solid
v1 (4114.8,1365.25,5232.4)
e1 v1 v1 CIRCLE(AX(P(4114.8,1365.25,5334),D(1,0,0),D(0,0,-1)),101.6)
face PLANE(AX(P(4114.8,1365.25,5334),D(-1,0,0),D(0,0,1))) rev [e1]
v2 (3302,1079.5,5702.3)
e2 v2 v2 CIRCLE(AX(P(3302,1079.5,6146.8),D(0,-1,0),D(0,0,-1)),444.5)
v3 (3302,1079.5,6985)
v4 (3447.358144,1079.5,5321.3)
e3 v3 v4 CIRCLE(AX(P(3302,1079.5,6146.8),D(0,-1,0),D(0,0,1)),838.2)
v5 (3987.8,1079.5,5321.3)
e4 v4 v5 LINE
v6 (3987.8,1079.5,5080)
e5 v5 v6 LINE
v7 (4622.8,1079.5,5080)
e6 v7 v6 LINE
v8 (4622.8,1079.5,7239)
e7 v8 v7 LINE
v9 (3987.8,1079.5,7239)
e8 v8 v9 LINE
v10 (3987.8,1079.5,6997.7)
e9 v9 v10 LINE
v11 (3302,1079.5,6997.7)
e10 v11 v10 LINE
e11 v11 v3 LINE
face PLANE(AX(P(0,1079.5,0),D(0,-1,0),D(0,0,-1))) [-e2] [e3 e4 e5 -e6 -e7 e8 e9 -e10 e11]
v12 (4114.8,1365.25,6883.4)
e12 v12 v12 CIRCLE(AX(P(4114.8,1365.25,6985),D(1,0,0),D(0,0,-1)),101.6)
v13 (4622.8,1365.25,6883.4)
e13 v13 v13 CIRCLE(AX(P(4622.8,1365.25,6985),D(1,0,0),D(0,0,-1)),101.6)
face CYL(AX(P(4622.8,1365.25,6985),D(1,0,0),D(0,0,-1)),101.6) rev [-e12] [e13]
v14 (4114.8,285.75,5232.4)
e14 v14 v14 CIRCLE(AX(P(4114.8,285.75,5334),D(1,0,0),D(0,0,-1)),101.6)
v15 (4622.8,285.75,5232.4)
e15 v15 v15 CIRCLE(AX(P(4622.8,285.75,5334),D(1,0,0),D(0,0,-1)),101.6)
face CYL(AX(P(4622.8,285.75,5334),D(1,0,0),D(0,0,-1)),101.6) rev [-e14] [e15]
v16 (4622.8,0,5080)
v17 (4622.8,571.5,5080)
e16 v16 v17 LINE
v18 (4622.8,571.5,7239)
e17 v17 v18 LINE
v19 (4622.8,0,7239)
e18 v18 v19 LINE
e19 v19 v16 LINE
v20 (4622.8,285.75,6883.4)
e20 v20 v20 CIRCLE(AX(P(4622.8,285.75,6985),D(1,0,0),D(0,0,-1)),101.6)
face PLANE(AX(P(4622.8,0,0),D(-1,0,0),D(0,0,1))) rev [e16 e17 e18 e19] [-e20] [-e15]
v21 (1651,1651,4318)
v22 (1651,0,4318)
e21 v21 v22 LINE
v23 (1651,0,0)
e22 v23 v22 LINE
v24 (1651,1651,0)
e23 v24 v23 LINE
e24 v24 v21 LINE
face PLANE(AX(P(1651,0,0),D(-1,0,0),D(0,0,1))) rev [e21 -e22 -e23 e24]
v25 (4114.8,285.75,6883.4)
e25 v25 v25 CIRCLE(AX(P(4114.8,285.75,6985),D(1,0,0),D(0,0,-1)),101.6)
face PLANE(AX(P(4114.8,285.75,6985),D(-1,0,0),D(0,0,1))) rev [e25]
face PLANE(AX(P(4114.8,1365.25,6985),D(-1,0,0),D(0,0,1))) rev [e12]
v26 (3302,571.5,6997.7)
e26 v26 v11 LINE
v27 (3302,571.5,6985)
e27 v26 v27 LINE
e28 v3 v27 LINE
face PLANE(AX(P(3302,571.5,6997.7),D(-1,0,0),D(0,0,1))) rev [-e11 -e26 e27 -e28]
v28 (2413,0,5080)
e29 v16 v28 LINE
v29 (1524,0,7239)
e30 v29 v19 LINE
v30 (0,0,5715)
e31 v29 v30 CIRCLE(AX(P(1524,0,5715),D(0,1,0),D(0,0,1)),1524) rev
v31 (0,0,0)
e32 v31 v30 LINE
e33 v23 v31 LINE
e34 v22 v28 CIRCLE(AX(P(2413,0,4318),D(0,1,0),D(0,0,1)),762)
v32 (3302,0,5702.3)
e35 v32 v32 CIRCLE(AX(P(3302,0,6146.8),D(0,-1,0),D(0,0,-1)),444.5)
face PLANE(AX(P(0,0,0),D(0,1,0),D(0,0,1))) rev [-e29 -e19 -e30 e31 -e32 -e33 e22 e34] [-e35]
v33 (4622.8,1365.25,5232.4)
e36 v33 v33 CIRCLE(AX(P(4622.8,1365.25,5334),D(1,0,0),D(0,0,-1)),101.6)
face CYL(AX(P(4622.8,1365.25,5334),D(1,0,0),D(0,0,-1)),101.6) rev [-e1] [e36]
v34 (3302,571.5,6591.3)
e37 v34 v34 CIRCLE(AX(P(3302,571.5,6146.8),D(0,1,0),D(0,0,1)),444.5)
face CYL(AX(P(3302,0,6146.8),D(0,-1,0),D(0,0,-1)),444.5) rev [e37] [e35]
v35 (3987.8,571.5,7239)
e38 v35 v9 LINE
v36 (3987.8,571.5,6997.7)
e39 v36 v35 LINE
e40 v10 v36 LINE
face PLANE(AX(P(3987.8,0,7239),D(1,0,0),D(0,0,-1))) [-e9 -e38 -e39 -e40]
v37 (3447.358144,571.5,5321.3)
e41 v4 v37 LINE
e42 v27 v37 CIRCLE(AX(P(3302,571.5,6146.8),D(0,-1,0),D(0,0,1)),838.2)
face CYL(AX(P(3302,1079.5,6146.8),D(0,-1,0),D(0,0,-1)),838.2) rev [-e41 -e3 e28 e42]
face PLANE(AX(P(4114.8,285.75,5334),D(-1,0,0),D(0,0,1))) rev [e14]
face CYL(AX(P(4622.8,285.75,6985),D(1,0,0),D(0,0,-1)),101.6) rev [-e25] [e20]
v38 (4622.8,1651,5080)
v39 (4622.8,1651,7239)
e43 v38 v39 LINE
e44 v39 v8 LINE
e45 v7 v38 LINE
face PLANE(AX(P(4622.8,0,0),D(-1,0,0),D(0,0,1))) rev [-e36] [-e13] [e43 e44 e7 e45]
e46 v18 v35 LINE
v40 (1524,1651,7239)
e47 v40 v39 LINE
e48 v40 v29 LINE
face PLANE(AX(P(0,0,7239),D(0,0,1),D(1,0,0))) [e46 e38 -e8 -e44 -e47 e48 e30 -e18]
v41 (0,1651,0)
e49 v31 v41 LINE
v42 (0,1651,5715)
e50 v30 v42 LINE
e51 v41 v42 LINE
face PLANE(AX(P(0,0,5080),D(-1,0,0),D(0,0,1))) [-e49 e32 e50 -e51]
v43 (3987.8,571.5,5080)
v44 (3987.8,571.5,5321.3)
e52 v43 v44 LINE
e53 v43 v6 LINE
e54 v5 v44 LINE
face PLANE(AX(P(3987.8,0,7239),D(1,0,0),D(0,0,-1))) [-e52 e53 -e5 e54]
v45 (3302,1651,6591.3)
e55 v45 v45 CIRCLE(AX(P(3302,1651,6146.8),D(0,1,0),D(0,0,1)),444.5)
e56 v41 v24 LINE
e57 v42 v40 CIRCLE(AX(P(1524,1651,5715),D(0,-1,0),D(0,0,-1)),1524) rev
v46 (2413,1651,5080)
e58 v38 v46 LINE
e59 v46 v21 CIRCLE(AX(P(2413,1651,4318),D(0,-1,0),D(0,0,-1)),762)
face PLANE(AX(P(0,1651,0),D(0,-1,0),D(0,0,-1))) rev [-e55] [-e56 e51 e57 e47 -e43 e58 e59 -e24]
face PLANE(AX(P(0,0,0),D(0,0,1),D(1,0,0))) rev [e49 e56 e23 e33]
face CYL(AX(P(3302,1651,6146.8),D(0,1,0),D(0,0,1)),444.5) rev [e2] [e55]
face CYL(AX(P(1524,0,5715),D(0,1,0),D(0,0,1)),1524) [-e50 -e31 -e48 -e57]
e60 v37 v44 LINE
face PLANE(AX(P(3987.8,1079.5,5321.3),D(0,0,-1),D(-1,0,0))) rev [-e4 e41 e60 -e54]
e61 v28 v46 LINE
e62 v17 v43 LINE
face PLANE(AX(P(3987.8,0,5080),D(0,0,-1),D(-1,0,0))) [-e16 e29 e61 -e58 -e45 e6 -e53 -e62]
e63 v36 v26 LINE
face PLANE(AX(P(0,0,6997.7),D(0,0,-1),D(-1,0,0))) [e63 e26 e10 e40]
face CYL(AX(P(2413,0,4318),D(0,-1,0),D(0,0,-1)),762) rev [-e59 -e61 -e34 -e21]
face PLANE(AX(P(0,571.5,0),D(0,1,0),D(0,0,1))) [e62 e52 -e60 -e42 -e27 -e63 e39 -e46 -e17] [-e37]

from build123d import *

# Parameters (mm, degrees)
SKETCH1_W           = 3987.8
SKETCH1_H           = 2159
BOSS_EXTRUDE1_DEPTH = 571.5
BOSS_EXTRUDE2_DEPTH = 508
SKETCH3_W           = 3987.8
SKETCH3_H           = 2159
BOSS_EXTRUDE3_DEPTH = 571.5
SKETCH4_W           = 685.8
SKETCH4_H           = 508
CUT_EXTRUDE1_DEPTH  = 12.7
SKETCH5_W           = 2159
SKETCH5_H           = 571.5
BOSS_EXTRUDE4_DEPTH = 635
SKETCH6_W           = 2159
SKETCH6_H           = 571.5
BOSS_EXTRUDE5_DEPTH = 635
SKETCH7_W           = 1651
SKETCH7_H           = 1651
BOSS_EXTRUDE6_DEPTH = 5080
HOLE1_D             = 203.2
HOLE1_DEPTH         = 508
HOLE2_D             = 889
HOLE2_DEPTH         = 571.5
HOLE3_D             = 889
FILLET1_R           = 762
FILLET2_R           = 1524


with BuildPart() as part:
    # Sketch1 → Boss-Extrude1 (new body)
    with BuildSketch(Plane(origin=(0, 571.5, 0), x_dir=(1, 0, 0), z_dir=(0, 1, 0))):
        with Locations((1993.9, -6159.5)):
            Rectangle(SKETCH1_W, SKETCH1_H)
    extrude(amount=-BOSS_EXTRUDE1_DEPTH)

    # Sketch2 → Boss-Extrude2 (add)
    with BuildSketch(Plane(origin=(0, 571.5, 0), x_dir=(-1, 0, 0), z_dir=(0, 1, 0))):
        with BuildLine():
            Line((-3987.8, 5321.3), (-3447.358143907, 5321.3))
            ThreePointArc((-3447.358143907, 5321.3), (-2466.981036143, 6073.844054389), (-3302, 6985))
            Line((-3302, 6985), (-3987.8, 6985))
            Line((-3987.8, 6985), (-3987.8, 7239))
            Line((-3987.8, 7239), (0, 7239))
            Line((0, 7239), (0, 5080))
            Line((0, 5080), (-3987.8, 5080))
            Line((-3987.8, 5080), (-3987.8, 5321.3))
        make_face()
    extrude(amount=BOSS_EXTRUDE2_DEPTH)

    # Sketch3 → Boss-Extrude3 (add)
    with BuildSketch(Plane(origin=(0, 1079.5, 0), x_dir=(-1, 0, 0), z_dir=(0, 1, 0))):
        with Locations((-1993.9, 6159.5)):
            Rectangle(SKETCH3_W, SKETCH3_H)
    extrude(amount=BOSS_EXTRUDE3_DEPTH)

    # Sketch4 → Cut-Extrude1 (cut)
    with BuildSketch(Plane(origin=(0, 0, 6985), x_dir=(-1, 0, 0), z_dir=(0, 0, -1))):
        with Locations((-3644.9, 825.5)):
            Rectangle(SKETCH4_W, SKETCH4_H)
    extrude(amount=-CUT_EXTRUDE1_DEPTH, mode=Mode.SUBTRACT)

    # Sketch5 → Boss-Extrude4 (add)
    with BuildSketch(Plane(origin=(3987.8, 0, 0), x_dir=(0, 0, -1), z_dir=(1, 0, 0))):
        with Locations((-6159.5, 285.75)):
            Rectangle(SKETCH5_W, SKETCH5_H)
    extrude(amount=BOSS_EXTRUDE4_DEPTH)

    # Sketch6 → Boss-Extrude5 (add)
    with BuildSketch(Plane(origin=(3987.8, 0, 0), x_dir=(0, 0, -1), z_dir=(1, 0, 0))):
        with Locations((-6159.5, 1365.25)):
            Rectangle(SKETCH6_W, SKETCH6_H)
    extrude(amount=BOSS_EXTRUDE5_DEPTH)

    # Sketch7 → Boss-Extrude6 (add)
    with BuildSketch(Plane(origin=(0, 0, 5080), x_dir=(-1, 0, 0), z_dir=(0, 0, -1))):
        with Locations((-825.5, 825.5)):
            Rectangle(SKETCH7_W, SKETCH7_H)
    extrude(amount=BOSS_EXTRUDE6_DEPTH)

    # Hole1
    with Locations(Plane(origin=(4622.8, 0, 0), x_dir=(0, 0, -1), z_dir=(1, 0, 0))):
        with Locations((-6985, 285.75), (-5334, 285.75), (-5334, 1365.25), (-6985, 1365.25)):
            Hole(HOLE1_D / 2, depth=HOLE1_DEPTH)

    # Hole2
    with Locations(Plane(origin=(0, 0, 0), x_dir=(-1, 0, 0), z_dir=(0, -1, 0))):
        with Locations((-3302, -6146.8)):
            Hole(HOLE2_D / 2, depth=HOLE2_DEPTH)

    # Hole3 (through all)
    with Locations(Plane(origin=(0, 1651, 0), x_dir=(1, 0, 0), z_dir=(0, 1, 0))):
        with Locations((3302, -6146.8)):
            Hole(HOLE3_D / 2)

    # Fillet1
    fillet1_edges = [part.edges().sort_by_distance(p)[0] for p in [
        (1651, 825.5, 5080),
    ]]
    fillet(fillet1_edges, radius=FILLET1_R)

    # Fillet2
    fillet2_edges = [part.edges().sort_by_distance(p)[0] for p in [
        (0, 825.5, 7239),
    ]]
    fillet(fillet2_edges, radius=FILLET2_R)


solid = part.part
